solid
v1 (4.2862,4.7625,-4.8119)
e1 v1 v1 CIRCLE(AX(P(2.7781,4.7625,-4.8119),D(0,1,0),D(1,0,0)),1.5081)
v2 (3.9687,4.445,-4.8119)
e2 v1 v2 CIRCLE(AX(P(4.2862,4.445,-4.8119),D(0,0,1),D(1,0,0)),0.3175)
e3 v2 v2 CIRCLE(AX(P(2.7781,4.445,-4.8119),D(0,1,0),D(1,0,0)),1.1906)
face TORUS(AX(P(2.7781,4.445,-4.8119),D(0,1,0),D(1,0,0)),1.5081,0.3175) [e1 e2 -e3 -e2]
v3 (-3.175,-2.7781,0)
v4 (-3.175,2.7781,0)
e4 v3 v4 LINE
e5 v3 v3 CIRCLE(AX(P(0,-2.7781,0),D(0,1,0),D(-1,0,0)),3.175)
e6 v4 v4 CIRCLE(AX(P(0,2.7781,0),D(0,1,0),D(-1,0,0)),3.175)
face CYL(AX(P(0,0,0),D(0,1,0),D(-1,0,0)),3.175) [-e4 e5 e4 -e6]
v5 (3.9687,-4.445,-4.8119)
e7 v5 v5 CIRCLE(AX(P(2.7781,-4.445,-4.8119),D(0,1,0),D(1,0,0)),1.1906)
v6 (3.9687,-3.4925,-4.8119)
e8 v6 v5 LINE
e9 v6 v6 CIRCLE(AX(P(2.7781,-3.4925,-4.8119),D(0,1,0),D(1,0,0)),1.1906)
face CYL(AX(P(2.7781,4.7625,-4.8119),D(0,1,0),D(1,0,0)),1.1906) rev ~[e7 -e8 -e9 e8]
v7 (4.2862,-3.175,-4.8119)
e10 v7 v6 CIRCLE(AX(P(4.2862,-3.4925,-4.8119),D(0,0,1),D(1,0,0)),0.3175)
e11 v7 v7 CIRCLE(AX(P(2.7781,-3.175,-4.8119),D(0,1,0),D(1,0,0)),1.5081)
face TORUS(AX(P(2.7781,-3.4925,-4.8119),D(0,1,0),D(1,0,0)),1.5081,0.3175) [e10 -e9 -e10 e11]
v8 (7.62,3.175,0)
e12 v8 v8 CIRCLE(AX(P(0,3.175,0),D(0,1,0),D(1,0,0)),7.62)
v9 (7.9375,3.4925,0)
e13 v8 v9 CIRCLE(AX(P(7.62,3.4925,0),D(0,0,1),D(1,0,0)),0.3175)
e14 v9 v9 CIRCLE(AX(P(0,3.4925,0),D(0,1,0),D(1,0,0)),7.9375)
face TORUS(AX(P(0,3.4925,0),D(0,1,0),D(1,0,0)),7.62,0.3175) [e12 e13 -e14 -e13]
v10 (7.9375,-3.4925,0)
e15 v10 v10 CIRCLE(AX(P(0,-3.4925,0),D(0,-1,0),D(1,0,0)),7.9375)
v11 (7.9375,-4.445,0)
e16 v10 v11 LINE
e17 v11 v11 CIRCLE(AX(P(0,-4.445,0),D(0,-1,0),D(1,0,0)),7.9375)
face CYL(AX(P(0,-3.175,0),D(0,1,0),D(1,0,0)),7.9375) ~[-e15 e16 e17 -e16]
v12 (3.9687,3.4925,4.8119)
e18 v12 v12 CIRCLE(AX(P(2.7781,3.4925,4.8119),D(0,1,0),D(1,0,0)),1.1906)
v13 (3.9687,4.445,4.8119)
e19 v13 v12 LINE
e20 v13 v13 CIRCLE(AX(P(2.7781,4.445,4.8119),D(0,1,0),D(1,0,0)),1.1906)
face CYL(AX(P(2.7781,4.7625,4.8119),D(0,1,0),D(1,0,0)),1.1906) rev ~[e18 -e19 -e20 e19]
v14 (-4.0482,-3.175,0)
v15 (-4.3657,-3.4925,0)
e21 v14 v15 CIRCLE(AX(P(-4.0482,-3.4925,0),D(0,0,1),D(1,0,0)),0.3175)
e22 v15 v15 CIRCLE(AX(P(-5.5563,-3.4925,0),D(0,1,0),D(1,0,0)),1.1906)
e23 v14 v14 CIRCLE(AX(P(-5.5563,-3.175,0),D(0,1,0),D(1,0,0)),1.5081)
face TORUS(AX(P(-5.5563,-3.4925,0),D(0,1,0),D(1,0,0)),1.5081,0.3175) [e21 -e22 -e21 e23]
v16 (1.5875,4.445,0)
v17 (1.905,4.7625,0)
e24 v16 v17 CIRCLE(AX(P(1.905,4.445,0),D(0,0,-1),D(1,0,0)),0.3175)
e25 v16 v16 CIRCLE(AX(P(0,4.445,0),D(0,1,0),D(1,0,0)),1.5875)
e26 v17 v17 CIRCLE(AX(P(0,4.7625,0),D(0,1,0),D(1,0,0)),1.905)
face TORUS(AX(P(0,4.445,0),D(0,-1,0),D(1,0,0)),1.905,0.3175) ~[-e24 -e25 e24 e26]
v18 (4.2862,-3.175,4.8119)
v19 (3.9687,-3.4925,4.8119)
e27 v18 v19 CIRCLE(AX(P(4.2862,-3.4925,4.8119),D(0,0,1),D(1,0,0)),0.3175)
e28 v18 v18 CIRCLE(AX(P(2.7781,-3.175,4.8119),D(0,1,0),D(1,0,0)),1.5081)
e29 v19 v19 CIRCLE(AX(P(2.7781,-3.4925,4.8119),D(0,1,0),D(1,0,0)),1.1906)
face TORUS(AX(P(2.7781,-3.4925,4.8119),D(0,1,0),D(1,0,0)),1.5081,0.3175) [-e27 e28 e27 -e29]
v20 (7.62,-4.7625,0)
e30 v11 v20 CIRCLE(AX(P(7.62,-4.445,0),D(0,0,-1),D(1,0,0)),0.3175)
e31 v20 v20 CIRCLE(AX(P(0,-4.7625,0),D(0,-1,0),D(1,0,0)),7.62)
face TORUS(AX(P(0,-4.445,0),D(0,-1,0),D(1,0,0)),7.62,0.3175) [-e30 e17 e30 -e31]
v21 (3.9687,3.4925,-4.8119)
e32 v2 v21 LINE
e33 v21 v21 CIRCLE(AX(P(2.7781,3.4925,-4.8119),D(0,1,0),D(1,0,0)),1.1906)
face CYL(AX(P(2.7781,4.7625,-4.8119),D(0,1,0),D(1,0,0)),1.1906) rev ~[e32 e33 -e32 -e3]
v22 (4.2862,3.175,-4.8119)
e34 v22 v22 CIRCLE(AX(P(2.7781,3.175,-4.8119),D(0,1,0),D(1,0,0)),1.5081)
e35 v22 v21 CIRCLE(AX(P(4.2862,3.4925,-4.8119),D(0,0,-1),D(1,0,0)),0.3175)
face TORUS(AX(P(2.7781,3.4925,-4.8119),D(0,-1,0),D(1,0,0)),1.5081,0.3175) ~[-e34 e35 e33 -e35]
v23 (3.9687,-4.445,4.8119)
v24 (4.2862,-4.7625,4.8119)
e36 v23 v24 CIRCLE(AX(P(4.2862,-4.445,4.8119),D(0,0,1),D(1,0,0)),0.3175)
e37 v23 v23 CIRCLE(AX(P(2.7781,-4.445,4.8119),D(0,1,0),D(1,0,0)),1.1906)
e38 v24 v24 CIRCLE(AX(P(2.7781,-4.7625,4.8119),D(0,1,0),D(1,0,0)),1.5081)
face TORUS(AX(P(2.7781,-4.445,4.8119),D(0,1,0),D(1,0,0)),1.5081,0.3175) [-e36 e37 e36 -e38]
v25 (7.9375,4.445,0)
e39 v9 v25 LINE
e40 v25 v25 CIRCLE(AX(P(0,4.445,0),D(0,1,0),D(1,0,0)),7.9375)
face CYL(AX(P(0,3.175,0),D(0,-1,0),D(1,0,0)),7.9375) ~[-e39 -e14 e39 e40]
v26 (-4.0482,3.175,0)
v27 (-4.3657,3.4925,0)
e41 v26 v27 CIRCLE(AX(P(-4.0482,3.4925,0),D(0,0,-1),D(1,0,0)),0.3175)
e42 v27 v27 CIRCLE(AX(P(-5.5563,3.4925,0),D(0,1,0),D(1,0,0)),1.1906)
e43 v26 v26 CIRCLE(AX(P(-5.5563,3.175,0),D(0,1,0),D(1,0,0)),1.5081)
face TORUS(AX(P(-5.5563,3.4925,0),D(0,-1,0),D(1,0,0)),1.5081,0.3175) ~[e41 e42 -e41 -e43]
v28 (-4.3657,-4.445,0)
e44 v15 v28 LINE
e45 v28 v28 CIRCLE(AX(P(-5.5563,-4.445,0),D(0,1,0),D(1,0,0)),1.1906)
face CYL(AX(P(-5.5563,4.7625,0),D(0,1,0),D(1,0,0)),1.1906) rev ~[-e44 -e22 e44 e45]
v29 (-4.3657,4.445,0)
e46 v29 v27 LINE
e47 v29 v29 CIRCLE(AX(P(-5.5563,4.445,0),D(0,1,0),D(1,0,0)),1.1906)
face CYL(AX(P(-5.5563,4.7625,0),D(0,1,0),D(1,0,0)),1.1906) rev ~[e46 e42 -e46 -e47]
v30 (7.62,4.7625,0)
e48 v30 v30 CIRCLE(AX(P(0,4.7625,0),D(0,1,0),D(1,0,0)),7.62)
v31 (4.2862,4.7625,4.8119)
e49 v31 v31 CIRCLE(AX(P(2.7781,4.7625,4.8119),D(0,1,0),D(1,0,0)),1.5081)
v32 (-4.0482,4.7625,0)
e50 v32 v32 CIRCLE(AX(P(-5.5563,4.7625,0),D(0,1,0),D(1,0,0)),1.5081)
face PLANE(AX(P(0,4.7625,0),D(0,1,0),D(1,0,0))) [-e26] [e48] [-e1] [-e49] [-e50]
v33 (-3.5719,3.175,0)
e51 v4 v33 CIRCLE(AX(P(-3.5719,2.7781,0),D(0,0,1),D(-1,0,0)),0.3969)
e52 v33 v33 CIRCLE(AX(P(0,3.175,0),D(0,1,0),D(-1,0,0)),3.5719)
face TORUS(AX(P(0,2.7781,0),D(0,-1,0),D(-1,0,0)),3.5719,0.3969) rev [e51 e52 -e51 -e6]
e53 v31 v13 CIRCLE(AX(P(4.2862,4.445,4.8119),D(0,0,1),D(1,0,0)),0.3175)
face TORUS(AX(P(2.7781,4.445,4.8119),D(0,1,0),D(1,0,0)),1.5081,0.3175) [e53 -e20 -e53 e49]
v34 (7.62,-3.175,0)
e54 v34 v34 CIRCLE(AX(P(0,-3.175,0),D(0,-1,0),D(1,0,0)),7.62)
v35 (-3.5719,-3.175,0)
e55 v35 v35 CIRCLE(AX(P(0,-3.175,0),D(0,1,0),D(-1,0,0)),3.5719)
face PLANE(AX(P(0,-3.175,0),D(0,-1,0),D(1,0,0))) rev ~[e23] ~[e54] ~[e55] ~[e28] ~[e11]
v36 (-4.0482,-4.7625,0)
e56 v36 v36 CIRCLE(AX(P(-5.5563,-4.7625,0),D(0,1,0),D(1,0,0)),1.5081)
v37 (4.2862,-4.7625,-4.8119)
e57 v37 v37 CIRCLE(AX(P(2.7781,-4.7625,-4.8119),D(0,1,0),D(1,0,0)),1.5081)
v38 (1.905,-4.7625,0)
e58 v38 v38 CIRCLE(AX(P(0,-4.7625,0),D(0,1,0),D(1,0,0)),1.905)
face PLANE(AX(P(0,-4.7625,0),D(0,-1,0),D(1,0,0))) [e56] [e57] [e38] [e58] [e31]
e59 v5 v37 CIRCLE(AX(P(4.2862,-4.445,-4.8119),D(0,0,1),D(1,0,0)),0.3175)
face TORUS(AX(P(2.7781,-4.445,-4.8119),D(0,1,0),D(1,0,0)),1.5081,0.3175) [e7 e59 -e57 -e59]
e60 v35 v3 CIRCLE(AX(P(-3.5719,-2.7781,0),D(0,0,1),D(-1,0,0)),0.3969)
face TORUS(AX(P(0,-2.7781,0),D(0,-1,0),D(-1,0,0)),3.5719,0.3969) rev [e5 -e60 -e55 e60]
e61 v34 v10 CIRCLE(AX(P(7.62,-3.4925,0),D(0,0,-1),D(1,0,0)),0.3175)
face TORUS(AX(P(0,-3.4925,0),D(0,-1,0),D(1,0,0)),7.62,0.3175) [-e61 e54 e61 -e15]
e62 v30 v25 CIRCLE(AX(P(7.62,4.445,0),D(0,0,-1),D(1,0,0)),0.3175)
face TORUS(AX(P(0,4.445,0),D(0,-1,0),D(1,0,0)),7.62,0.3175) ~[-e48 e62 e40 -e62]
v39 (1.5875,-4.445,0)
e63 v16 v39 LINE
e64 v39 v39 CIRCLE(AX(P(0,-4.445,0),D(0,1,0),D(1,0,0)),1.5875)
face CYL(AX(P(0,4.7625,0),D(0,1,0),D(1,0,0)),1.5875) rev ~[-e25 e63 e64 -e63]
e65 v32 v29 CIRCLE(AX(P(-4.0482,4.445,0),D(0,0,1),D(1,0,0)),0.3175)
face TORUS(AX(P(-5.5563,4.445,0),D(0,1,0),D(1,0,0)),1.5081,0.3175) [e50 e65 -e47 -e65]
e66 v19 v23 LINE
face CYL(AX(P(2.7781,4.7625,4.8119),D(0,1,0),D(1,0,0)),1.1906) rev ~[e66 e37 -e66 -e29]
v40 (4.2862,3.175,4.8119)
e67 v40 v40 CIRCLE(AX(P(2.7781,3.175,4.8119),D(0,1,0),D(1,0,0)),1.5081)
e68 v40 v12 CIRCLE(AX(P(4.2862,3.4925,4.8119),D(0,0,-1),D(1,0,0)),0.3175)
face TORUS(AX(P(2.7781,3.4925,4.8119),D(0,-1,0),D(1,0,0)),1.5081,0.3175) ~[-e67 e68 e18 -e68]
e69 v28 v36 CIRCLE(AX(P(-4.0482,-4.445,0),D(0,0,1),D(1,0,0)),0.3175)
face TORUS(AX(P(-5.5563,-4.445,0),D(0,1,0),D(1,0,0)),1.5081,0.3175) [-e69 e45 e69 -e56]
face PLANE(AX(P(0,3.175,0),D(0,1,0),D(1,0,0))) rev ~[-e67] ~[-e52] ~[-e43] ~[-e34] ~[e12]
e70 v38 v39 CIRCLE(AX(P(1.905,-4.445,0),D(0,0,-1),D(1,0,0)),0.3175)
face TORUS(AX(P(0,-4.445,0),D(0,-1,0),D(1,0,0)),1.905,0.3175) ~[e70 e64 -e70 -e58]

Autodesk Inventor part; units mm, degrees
ref_plane "YZ Plane" through (0, 0, 0) normal (1, 0, 0) x (0, 1, 0)
ref_plane "XZ Plane" through (0, 0, 0) normal (0, 1, 0) x (-1, 0, 0)
ref_plane "XY Plane" through (0, 0, 0) normal (0, 0, 1) x (1, 0, 0)
sketch "Sketch1" plane through (0, 0, 0) normal (0, 1, 0) x (-1, 0, 0)
  circle A0 centre (0, 0) radius 3.175
  dimension "d0" = 6.35
extrude "Extrusion1" add sketch "Sketch1" along normal mid plane 6.35
sketch "Sketch2" plane through (0, 3.175, 0) normal (0, 1, 0) x (1, 0, 0)
  circle A0 centre (0, 0) radius 7.9375
  dimension "d3" = 15.875
extrude "Extrusion2" add sketch "Sketch2" along normal blind 1.5875
sketch "Sketch3" plane through (0, -3.175, 0) normal (0, -1, 0) x (1, 0, 0)
  circle A0 centre (0, 0) radius 7.9375
  dimension "d6" = 15.875
extrude "Extrusion3" add sketch "Sketch3" along normal blind 1.5875
sketch "Sketch4" plane through (0, 4.7625, 0) normal (0, 1, 0) x (1, 0, 0)
  circle A0 centre (0, 0) radius 1.5875
  dimension "d9" = 3.175
extrude "Extrusion4" cut sketch "Sketch4" against normal blind 25.4
sketch "Sketch5" plane through (0, 4.7625, 0) normal (0, 1, 0) x (1, 0, 0)
  circle A0 centre (-5.5563, 0) radius 1.1906
  circle A1 centre (2.7781, -4.8119) radius 1.1906
  circle A2 centre (2.7781, 4.8119) radius 1.1906
  point P0 (0, 0)
  dimension "d12" = 2.3813
  dimension "d13" = 0
  dimension "d14" = 5.5563
  dimension "d17" = 360
extrude "Extrusion5" cut sketch "Sketch5" against normal blind 25.4
fillet "Fillet1" radius 0.3969 2 edges at (3.175, 3.175, 0) (3.175, -3.175, 0)
fillet "Fillet2" radius 0.3175 18 edges at (-7.9375, 4.7625, 0) (-7.9375, 3.175, 0) (-7.9375, -3.175, 0) (-7.9375, -4.7625, 0) (1.5875, -3.175, 4.8119) (1.5875, -3.175, -4.8119) (1.5875, 4.7625, 4.8119) (-1.5875, 4.7625, 0) (1.5875, 4.7625, -4.8119) (-6.7469, 4.7625, 0) (-6.7469, -3.175, 0) (1.5875, 3.175, 4.8119) (1.5875, 3.175, -4.8119) (-6.7469, 3.175, 0) (1.5875, -4.7625, -4.8119) (-6.7469, -4.7625, 0) (1.5875, -4.7625, 4.8119) (-1.5875, -4.7625, 0)
properties part number "Connecting Rod Hub" material "Stainless Steel"
